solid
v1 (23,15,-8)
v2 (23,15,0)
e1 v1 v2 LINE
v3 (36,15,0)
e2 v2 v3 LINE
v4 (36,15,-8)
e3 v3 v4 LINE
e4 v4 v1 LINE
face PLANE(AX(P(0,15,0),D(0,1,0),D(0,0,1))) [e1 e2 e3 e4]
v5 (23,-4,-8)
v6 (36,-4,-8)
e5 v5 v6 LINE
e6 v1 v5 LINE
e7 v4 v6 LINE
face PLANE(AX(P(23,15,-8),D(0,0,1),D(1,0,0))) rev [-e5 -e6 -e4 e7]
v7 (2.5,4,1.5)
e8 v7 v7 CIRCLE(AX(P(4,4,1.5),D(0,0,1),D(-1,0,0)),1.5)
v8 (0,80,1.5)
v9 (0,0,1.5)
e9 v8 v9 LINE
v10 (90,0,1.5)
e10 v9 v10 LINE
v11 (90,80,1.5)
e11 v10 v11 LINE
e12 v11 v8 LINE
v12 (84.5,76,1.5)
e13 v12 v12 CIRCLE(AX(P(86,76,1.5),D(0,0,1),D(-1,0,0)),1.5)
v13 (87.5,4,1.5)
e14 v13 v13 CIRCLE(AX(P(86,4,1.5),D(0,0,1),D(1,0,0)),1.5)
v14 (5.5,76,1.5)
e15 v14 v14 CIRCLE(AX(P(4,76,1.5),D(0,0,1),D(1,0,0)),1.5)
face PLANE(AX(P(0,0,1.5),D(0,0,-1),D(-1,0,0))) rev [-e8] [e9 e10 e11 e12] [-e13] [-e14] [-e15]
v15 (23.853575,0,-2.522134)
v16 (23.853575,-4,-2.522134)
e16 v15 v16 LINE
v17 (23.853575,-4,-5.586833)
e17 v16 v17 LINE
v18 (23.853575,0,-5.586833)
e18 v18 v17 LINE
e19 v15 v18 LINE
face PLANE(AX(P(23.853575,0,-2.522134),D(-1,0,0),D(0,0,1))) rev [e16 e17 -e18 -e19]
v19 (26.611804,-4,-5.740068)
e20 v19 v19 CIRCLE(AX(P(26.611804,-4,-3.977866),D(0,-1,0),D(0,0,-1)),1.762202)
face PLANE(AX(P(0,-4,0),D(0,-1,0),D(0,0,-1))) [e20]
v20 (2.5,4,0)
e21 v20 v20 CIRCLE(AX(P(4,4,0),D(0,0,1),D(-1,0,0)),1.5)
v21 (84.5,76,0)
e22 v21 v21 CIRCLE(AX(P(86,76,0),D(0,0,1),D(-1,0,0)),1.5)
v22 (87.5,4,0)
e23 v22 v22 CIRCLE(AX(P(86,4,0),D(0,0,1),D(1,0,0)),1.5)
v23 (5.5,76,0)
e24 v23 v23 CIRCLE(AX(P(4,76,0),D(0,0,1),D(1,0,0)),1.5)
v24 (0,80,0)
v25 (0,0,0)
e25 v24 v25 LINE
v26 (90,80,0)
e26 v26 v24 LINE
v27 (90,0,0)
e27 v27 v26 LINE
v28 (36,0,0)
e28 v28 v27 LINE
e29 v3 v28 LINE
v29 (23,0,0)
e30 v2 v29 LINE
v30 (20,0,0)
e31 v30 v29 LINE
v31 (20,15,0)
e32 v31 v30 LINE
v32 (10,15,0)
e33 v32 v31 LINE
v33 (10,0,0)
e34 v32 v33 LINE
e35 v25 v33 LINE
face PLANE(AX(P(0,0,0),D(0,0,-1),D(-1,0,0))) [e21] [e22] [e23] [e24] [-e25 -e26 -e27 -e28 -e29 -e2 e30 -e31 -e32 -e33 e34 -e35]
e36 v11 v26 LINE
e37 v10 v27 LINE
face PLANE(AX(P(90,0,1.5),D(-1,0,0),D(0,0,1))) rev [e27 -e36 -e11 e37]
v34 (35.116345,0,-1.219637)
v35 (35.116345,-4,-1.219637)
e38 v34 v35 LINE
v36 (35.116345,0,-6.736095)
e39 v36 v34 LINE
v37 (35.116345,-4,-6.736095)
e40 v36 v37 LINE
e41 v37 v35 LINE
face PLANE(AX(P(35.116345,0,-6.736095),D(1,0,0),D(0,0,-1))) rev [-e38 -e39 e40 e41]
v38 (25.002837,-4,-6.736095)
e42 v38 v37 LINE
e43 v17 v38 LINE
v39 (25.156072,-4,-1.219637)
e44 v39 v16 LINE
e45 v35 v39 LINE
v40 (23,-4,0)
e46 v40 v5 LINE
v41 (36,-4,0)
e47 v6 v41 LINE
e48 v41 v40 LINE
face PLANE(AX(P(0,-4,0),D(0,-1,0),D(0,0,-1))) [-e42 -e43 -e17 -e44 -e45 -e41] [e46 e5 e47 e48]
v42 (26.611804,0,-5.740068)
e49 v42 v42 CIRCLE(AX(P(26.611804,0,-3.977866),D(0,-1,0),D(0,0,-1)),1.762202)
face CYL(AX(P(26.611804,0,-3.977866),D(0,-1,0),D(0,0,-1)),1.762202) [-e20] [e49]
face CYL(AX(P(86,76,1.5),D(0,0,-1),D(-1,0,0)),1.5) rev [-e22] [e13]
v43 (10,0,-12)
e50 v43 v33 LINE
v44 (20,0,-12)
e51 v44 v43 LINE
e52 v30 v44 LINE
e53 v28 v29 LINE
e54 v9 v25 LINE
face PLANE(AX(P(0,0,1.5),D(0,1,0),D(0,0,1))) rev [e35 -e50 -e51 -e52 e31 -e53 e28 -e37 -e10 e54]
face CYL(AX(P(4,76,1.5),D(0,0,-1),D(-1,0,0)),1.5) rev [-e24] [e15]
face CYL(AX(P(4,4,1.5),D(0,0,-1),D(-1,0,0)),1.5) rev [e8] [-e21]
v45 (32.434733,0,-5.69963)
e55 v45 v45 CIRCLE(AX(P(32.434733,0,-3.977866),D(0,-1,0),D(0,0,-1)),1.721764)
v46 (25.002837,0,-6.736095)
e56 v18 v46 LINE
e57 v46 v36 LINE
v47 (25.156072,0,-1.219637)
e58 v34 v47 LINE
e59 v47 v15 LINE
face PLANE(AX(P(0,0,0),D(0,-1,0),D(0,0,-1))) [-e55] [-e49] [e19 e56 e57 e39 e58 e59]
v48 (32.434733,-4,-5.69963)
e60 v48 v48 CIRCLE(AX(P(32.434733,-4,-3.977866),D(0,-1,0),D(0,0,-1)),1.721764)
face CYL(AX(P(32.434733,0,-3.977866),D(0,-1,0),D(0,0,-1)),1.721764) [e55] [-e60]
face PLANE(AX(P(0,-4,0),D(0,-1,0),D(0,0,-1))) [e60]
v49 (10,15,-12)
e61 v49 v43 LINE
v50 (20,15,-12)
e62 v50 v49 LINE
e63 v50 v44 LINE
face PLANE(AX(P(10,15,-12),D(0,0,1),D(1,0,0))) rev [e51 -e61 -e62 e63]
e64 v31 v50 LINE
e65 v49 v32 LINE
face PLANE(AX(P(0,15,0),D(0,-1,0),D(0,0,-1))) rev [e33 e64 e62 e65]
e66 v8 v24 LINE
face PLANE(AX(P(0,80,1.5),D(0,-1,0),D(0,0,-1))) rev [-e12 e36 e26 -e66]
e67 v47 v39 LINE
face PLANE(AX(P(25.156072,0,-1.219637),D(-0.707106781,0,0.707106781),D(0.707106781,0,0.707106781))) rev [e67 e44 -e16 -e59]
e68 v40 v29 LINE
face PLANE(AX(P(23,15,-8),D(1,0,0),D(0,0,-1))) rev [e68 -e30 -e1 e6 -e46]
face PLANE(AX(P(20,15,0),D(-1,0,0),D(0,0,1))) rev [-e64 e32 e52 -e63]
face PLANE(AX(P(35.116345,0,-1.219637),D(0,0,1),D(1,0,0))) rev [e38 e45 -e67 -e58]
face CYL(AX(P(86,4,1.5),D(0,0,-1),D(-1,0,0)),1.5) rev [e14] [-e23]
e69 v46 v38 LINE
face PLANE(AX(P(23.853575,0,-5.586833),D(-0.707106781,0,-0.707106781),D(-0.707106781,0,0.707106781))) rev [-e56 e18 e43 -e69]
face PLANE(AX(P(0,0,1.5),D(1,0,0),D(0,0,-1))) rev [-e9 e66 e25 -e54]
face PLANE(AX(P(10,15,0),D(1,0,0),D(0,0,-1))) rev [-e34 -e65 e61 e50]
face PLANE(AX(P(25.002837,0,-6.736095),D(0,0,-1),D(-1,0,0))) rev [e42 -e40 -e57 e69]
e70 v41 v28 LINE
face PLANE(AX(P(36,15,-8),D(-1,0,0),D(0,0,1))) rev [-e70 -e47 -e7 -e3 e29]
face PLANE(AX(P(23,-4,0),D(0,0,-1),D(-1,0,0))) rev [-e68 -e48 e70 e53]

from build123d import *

# Parameters (mm, degrees)
SKETCH_1_W          = 90
SKETCH_1_H          = 80
SKETCH_1_R          = 1.5
EXTRUDE_1_DEPTH     = 1.5
SKETCH_2_W          = 13
SKETCH_2_H          = 8
EXTRUDE_2_DEPTH     = 4
SKETCH_3_W          = 13
SKETCH_3_H          = 8
SKETCH_3_W_2        = 10
SKETCH_3_H_2        = 12
EXTRUDE_3_DEPTH     = 15
SKETCH_4_R          = 1.762202075
SKETCH_4_R_2        = 1.721763756
CUT_EXTRUDE_1_DEPTH = 4


with BuildPart() as part:
    # 草图1 → 凸台-拉伸1 (new body)
    with BuildSketch(Plane.XY):
        with Locations((45, 40)):
            Rectangle(SKETCH_1_W, SKETCH_1_H)
        with Locations((4, 76)):
            Circle(SKETCH_1_R, mode=Mode.SUBTRACT)
        with Locations(Location((86, 76, 0), (0, 0, 180))):
            Circle(SKETCH_1_R, mode=Mode.SUBTRACT)
        with Locations((86, 4)):
            Circle(SKETCH_1_R, mode=Mode.SUBTRACT)
        with Locations(Location((4, 4, 0), (0, 0, 180))):
            Circle(SKETCH_1_R, mode=Mode.SUBTRACT)
    extrude(amount=EXTRUDE_1_DEPTH)



with BuildPart() as body_2:
    # 草图2 → 凸台-拉伸2 (new body)
    with BuildSketch(Plane.XZ):
        with Locations((29.5, -4)):
            Rectangle(SKETCH_2_W, SKETCH_2_H)
    extrude(amount=EXTRUDE_2_DEPTH)


with BuildPart() as part_1:
    add(part.part)

    add(body_2.part)  # 凸台-拉伸3 merges body 2
    # 草图3 → 凸台-拉伸3 (add)
    with BuildSketch(Plane(origin=(0, 0, 0), x_dir=(1, 0, 0), z_dir=(0, 1, 0))):
        with Locations((29.5, 4)):
            Rectangle(SKETCH_3_W, SKETCH_3_H)
        with Locations((15, 6)):
            Rectangle(SKETCH_3_W_2, SKETCH_3_H_2)
    extrude(amount=EXTRUDE_3_DEPTH)

    # 草图4 → 切除-拉伸1 (cut)
    with BuildSketch(Plane.XZ.offset(4)):
        Polygon((25.156072285, -1.21963674), (23.853575099, -2.522133926), (23.853575099, -5.586833186), (25.002837322, -6.736095409), (35.116344883, -6.736095409), (35.116344883, -1.21963674), align=None)
        with Locations(Location((26.611804434, -3.977866074, 0), (0, 0, 270))):
            Circle(SKETCH_4_R, mode=Mode.SUBTRACT)
        with Locations(Location((32.43473303, -3.977866074, 0), (0, 0, 270))):
            Circle(SKETCH_4_R_2, mode=Mode.SUBTRACT)
    extrude(amount=-CUT_EXTRUDE_1_DEPTH, mode=Mode.SUBTRACT)


solid = part_1.part
